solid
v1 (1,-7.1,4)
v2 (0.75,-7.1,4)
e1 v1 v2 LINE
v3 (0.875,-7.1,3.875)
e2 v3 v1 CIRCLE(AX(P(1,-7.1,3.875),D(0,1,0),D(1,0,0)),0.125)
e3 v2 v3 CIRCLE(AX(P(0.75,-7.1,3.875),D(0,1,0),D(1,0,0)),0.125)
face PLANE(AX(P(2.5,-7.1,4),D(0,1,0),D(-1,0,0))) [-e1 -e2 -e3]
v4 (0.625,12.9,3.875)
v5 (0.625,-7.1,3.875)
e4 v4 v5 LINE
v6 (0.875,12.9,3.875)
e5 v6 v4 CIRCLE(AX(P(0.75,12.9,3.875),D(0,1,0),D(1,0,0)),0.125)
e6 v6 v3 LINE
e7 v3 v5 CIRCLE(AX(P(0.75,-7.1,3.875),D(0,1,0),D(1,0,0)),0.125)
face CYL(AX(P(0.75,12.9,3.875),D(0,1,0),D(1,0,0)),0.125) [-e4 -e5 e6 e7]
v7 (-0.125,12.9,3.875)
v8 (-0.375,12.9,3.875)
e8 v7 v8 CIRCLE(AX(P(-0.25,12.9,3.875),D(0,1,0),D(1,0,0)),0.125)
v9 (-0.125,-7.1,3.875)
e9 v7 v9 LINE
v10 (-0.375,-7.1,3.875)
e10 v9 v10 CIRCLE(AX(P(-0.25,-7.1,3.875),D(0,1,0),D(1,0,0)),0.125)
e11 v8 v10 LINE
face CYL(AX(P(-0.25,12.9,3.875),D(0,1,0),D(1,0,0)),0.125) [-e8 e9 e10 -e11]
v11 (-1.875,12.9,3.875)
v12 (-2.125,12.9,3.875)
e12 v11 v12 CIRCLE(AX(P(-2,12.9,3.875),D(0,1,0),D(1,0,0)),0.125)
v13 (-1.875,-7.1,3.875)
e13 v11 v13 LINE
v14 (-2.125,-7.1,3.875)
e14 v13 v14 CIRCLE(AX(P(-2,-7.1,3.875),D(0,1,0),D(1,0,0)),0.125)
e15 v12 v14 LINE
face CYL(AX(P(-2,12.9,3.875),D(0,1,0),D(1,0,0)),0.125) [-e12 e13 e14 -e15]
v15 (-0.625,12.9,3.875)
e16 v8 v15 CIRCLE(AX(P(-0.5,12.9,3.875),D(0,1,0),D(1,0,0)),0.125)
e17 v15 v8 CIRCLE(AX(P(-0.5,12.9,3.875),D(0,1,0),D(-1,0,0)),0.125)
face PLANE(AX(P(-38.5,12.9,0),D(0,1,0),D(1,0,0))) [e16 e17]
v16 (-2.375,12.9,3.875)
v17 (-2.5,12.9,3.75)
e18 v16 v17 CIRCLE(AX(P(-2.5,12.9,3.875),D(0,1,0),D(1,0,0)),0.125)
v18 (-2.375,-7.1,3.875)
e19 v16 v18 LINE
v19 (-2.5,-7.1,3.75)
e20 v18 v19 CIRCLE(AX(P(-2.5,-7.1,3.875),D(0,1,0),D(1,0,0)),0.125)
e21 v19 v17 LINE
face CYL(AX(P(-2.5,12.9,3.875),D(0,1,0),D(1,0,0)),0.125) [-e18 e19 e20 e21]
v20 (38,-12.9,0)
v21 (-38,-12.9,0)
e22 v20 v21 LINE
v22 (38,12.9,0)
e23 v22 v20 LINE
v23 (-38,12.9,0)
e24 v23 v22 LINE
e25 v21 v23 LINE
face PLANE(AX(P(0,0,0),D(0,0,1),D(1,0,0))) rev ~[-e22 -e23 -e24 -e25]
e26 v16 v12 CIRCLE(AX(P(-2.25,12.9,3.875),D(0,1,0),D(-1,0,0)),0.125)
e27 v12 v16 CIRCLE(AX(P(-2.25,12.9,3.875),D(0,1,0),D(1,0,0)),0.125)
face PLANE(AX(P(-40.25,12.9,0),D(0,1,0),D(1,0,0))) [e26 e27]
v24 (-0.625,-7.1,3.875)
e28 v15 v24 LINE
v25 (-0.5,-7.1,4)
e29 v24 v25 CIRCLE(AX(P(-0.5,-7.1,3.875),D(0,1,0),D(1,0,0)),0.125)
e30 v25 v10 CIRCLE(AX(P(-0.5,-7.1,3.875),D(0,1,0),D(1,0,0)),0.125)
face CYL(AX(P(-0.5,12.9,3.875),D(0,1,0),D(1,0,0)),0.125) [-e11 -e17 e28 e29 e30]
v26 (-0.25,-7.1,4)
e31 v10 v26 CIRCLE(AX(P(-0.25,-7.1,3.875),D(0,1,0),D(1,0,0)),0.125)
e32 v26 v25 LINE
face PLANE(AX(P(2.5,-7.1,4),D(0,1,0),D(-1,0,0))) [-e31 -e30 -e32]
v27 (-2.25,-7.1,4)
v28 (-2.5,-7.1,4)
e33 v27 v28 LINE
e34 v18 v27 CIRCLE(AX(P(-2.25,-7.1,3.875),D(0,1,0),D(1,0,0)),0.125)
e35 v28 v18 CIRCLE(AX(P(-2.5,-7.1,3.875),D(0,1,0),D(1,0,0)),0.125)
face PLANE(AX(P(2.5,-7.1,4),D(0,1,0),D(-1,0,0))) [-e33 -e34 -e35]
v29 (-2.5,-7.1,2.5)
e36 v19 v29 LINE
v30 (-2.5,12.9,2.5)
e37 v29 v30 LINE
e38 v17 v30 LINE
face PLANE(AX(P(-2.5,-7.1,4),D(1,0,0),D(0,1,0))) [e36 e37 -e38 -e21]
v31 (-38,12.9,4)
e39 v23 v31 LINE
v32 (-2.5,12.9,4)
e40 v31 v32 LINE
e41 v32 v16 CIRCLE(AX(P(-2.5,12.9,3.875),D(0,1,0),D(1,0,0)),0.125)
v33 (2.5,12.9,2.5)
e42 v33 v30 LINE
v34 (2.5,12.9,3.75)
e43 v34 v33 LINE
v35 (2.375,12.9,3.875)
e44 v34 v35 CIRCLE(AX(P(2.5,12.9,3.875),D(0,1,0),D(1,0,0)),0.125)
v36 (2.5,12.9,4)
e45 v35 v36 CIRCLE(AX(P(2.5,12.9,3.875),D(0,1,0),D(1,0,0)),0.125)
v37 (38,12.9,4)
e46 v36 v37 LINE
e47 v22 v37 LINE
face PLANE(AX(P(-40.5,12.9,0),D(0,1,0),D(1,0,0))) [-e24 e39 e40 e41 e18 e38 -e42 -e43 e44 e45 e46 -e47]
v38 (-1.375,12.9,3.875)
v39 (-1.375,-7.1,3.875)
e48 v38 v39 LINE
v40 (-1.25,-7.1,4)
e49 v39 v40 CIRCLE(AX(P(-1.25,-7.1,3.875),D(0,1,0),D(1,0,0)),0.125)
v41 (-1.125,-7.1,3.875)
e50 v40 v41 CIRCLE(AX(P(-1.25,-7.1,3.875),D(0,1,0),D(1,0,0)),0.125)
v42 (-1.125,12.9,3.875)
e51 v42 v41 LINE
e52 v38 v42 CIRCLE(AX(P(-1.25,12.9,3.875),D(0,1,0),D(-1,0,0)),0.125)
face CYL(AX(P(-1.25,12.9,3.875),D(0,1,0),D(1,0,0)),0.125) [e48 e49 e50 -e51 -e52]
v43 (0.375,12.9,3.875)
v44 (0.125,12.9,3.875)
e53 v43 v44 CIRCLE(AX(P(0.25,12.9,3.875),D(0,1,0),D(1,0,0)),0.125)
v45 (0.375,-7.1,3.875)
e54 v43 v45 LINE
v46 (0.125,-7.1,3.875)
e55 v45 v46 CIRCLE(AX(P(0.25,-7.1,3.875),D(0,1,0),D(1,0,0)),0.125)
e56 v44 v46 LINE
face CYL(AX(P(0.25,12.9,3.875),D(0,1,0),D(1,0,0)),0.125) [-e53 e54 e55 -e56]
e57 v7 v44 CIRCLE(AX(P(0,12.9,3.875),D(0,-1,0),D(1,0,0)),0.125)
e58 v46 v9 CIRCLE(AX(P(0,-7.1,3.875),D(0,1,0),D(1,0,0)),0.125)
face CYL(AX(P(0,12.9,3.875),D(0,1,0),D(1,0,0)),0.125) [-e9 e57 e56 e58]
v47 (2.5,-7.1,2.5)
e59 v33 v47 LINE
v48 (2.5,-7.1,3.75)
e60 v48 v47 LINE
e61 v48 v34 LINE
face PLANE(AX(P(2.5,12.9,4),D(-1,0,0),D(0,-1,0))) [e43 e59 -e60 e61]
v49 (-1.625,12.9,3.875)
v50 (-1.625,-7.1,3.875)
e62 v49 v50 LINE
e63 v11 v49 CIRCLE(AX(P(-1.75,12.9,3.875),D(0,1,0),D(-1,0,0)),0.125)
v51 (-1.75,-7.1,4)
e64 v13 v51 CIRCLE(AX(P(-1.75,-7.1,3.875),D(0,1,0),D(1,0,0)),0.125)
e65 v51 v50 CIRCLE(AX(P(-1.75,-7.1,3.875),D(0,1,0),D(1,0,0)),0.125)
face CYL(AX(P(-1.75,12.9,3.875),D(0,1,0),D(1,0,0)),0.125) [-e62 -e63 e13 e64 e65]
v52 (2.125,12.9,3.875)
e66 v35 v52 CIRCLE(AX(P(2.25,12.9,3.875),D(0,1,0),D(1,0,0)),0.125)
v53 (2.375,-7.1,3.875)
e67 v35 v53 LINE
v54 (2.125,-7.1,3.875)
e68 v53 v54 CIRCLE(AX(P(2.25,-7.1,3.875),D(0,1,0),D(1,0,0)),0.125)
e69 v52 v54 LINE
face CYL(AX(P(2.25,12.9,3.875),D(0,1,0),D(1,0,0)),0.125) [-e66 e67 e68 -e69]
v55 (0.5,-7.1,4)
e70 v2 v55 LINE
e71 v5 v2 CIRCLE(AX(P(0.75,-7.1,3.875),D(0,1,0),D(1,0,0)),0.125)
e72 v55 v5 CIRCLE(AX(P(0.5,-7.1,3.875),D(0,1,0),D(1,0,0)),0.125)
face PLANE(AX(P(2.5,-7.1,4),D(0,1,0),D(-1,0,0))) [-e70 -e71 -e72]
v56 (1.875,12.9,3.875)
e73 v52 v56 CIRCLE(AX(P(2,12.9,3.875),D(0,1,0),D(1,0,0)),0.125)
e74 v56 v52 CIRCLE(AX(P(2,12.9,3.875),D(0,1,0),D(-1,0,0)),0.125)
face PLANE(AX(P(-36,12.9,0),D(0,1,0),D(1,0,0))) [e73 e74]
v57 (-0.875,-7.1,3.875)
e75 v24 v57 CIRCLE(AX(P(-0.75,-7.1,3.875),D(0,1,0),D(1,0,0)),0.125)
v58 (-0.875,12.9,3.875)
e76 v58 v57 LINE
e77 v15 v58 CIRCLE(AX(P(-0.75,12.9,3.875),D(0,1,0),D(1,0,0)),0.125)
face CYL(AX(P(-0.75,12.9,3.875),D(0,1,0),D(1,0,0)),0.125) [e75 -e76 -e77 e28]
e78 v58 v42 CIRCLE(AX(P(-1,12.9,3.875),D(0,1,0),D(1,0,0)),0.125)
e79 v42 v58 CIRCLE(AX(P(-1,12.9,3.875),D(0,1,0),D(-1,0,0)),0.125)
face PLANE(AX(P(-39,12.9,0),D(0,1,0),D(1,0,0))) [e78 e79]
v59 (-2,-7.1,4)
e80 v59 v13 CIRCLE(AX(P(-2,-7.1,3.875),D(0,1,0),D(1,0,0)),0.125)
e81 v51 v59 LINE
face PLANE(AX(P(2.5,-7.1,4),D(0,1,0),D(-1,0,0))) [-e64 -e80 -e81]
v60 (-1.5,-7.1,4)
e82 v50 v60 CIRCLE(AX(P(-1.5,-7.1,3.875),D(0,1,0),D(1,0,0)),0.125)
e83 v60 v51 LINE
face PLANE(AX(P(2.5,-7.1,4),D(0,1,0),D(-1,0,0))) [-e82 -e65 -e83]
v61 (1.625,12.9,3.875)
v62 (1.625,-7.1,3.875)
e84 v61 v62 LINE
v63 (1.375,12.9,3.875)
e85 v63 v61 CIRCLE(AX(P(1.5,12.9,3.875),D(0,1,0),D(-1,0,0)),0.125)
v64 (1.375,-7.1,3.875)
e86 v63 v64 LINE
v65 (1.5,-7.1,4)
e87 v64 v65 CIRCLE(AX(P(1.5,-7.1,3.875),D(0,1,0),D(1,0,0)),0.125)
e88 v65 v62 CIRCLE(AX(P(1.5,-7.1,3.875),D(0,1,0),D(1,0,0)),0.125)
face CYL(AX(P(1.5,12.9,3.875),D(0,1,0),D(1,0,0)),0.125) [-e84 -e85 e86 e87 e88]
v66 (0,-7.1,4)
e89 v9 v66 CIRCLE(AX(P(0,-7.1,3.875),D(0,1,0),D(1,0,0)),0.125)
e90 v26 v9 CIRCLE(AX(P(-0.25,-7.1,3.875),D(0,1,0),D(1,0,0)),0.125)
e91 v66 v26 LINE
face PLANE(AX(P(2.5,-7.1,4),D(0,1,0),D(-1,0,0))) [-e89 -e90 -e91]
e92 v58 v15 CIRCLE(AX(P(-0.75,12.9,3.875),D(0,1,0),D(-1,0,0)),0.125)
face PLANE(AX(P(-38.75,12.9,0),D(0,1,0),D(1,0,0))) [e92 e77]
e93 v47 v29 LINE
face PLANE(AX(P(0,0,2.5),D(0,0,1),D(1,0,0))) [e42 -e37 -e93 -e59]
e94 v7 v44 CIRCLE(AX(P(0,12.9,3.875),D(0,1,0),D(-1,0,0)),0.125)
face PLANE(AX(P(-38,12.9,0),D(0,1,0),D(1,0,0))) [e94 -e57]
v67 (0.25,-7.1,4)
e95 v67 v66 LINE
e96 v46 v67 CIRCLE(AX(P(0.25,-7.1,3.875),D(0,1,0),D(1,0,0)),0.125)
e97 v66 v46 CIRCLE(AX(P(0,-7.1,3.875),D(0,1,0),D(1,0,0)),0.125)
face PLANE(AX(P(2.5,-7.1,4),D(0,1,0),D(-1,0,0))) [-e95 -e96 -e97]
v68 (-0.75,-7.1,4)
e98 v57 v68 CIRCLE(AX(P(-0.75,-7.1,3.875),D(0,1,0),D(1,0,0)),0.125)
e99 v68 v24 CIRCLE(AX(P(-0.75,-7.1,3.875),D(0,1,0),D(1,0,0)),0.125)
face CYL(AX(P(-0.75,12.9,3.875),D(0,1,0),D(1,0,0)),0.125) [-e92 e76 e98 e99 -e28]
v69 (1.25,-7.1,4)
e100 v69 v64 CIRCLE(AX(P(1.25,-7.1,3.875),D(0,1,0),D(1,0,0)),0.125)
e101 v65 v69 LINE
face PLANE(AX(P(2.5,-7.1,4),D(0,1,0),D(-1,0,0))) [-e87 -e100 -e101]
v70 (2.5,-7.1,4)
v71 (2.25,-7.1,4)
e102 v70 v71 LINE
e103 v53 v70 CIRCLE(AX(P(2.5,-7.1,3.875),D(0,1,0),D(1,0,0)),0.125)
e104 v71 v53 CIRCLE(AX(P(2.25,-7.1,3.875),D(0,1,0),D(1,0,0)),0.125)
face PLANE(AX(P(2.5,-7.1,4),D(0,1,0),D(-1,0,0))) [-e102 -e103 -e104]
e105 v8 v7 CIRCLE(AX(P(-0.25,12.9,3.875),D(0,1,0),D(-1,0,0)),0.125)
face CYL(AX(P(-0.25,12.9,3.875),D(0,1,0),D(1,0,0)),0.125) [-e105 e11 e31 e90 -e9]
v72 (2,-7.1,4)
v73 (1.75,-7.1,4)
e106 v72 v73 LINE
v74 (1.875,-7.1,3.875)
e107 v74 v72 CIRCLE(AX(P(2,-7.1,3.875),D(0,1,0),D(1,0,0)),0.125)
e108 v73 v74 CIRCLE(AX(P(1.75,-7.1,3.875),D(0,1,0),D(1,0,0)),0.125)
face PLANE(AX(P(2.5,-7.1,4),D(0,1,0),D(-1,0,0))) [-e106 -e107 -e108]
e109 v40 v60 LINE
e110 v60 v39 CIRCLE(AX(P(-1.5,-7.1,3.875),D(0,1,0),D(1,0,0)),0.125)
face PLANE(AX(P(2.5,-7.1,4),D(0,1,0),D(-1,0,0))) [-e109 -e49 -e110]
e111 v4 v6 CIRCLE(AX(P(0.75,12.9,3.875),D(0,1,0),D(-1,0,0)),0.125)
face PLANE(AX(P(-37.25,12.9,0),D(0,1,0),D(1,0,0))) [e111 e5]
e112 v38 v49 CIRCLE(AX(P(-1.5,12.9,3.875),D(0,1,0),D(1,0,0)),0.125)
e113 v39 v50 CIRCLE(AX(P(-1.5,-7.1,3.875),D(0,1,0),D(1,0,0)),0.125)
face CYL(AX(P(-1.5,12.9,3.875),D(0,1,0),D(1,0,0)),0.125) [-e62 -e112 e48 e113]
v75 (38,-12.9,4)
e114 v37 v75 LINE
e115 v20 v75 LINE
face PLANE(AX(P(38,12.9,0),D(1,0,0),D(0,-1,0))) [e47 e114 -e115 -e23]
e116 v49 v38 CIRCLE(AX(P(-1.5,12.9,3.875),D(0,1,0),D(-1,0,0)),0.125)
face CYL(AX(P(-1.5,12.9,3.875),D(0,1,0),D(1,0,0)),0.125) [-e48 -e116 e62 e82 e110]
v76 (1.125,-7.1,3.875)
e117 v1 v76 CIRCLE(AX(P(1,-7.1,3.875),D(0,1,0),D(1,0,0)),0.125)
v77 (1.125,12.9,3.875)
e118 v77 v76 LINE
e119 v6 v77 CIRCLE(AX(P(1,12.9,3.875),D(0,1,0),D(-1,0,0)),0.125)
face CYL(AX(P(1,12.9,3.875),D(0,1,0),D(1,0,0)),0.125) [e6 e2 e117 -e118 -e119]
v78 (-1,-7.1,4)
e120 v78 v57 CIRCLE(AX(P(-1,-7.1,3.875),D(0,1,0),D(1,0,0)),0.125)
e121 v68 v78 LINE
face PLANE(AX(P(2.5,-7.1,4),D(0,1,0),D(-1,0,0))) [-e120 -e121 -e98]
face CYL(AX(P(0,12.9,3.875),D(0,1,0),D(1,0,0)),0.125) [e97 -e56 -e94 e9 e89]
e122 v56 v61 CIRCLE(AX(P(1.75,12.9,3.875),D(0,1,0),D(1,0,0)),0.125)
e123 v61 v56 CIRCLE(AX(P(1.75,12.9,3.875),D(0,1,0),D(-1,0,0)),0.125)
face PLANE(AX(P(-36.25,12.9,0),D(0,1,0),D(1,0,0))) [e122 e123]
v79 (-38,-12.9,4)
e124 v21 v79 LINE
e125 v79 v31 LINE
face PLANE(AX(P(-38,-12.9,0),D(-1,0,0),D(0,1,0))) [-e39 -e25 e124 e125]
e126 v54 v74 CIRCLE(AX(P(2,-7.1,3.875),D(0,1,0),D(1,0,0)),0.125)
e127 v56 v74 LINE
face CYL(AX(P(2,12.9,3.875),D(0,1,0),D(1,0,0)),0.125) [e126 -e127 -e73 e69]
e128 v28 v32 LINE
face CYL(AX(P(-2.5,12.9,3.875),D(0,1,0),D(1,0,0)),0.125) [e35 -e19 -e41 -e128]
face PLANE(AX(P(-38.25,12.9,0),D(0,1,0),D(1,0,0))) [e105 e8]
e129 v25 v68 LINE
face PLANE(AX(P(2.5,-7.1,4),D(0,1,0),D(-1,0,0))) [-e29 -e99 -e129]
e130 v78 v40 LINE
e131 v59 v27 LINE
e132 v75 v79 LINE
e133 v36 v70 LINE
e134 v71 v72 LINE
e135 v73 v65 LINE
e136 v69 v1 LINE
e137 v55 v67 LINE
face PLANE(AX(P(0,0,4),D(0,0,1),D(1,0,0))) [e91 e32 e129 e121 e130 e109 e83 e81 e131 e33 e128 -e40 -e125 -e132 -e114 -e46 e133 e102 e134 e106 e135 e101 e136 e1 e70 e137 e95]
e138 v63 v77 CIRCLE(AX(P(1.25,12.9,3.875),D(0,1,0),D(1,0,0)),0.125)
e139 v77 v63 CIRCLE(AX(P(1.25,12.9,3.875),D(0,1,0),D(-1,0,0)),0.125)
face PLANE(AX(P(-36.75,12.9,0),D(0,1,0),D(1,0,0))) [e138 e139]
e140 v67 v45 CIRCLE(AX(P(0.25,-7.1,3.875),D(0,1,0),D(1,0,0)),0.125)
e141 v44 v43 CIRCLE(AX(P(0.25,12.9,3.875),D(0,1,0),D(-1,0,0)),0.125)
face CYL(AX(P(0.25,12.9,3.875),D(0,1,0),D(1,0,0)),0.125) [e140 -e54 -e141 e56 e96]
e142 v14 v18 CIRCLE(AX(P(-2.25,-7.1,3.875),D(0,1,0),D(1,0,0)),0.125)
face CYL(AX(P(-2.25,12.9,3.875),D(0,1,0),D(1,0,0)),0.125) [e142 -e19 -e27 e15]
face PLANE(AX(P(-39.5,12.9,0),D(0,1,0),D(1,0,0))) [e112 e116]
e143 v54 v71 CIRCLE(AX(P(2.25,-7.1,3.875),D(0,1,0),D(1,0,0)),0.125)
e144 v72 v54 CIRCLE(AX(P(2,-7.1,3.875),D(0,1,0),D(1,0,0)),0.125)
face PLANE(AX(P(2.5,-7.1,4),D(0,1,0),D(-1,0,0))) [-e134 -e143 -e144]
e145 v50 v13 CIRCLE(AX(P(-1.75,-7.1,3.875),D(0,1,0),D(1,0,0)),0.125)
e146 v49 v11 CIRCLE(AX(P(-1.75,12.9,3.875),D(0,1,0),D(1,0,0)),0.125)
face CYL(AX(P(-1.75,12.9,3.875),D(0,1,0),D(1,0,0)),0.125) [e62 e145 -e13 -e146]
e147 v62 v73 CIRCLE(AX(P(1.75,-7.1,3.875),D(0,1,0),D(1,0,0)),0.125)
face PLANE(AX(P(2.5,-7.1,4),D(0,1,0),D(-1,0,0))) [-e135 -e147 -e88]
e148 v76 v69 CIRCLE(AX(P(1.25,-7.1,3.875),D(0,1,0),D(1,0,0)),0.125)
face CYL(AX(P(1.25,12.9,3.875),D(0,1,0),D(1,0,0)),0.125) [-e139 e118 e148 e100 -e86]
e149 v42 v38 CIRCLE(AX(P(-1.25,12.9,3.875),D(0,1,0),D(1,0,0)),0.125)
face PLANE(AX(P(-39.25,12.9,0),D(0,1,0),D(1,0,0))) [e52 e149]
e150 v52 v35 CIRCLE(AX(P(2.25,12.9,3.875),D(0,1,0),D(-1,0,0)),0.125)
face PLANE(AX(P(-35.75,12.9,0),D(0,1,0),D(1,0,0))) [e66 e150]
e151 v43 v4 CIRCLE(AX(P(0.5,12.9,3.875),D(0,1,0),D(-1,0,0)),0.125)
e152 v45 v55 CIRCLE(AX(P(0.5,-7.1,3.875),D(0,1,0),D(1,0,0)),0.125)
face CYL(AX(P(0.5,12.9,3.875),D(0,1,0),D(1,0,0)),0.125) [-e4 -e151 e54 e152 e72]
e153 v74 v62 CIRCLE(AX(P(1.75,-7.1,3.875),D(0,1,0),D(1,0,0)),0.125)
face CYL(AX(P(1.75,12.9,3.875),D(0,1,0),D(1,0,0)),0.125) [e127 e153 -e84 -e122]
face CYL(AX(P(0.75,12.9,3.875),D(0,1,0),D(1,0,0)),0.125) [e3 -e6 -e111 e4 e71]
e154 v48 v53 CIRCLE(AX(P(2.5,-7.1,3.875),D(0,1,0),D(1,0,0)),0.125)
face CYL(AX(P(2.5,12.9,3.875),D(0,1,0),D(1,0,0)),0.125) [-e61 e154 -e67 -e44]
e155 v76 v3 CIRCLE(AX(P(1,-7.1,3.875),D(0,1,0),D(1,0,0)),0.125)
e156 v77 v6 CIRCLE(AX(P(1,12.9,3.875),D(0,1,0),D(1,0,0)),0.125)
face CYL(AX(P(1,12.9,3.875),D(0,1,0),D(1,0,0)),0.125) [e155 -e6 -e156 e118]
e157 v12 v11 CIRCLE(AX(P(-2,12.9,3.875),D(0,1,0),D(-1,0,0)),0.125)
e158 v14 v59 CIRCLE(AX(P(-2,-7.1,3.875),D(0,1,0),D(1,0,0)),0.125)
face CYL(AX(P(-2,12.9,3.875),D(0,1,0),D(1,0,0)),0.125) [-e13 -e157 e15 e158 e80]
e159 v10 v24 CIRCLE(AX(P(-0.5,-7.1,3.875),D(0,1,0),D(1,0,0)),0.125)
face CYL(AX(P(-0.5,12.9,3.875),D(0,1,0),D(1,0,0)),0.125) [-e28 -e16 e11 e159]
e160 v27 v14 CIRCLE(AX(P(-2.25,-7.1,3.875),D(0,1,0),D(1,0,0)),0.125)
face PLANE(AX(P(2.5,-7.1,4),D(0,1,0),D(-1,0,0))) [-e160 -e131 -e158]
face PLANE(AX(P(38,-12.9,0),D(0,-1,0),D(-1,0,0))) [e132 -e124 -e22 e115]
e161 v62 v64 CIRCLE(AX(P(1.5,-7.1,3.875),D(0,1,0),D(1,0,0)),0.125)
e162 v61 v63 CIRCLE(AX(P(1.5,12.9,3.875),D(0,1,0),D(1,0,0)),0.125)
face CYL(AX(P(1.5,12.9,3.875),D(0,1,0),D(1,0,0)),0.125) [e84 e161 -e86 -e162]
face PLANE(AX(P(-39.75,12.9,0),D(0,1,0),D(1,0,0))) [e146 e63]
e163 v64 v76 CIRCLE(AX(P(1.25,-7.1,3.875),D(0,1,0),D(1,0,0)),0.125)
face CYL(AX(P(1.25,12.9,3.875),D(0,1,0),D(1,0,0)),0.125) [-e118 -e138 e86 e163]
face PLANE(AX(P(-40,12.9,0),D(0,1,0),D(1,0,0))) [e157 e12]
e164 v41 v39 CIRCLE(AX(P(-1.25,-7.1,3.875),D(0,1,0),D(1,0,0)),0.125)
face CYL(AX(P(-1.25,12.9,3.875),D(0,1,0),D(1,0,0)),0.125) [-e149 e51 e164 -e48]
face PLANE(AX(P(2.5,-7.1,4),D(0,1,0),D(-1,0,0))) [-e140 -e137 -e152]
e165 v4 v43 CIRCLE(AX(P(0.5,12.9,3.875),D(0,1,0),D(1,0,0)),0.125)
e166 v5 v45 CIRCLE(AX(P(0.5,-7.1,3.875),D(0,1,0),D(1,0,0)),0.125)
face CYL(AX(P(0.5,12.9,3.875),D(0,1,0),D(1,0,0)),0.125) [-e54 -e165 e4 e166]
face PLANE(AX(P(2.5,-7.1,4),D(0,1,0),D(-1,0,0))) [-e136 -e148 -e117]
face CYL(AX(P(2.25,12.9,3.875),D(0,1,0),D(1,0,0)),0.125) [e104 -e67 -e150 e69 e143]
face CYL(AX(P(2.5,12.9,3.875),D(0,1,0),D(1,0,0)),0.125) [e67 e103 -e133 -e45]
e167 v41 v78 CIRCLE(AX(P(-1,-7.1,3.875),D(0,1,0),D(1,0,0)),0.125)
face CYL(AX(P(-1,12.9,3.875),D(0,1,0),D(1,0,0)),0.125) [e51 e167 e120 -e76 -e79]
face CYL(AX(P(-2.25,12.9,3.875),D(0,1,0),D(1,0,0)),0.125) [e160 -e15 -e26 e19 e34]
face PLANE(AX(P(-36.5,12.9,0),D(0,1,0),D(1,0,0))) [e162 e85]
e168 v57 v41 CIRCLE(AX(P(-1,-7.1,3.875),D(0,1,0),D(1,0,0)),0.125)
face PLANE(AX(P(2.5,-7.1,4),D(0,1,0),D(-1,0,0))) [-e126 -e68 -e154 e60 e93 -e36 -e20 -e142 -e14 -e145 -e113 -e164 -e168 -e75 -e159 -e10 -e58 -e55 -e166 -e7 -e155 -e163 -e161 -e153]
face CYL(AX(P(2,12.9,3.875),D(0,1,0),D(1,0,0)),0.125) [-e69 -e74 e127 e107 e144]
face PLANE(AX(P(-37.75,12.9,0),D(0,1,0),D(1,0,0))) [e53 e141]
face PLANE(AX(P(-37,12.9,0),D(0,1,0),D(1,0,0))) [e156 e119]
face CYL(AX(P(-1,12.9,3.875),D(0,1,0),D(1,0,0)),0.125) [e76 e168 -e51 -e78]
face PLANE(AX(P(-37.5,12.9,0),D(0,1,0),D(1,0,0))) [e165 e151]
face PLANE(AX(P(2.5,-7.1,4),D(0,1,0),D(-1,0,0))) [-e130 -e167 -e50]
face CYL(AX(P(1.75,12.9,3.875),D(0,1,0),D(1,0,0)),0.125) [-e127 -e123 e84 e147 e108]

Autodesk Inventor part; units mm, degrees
ref_plane "YZ Plane" through (0, 0, 0) normal (1, 0, 0) x (0, 1, 0)
ref_plane "XZ Plane" through (0, 0, 0) normal (0, 1, 0) x (-1, 0, 0)
ref_plane "XY Plane" through (0, 0, 0) normal (0, 0, 1) x (1, 0, 0)
sketch "Skizze1" plane through (0, 0, 0) normal (0, 0, 1) x (1, 0, 0)
  line L0 (38, -12.9) -> (-38, -12.9)
  line L1 (-38, -12.9) -> (-38, 12.9)
  line L2 (-38, 12.9) -> (38, 12.9)
  line L3 (38, 12.9) -> (38, -12.9)
  line L4 (38, -12.9) -> (-38, 12.9) construction
  line L5 (-38, -12.9) -> (38, 12.9) construction
  point P0 (0, 0)
  dimension "d0" = 76
  dimension "d1" = 25.8
extrude "Extrusion1" add sketch "Skizze1" along normal blind 4
sketch "Skizze2" plane through (0, 0, 4) normal (0, 0, 1) x (1, 0, 0)
  line L0 (38, 12.9) -> (-38, 12.9) projected
  line L1 (-38, 12.9) -> (-38, -12.9) projected
  line L2 (-38, -12.9) -> (38, -12.9) projected
  line L3 (38, -12.9) -> (38, 12.9) projected
  line L4 (2.5, -7.1) -> (-2.5, -7.1)
  line L5 (-2.5, -7.1) -> (-2.5, 12.9)
  line L6 (-2.5, 12.9) -> (2.5, 12.9)
  line L7 (2.5, 12.9) -> (2.5, -7.1)
  line L8 (2.5, -7.1) -> (-2.5, 12.9) construction
  line L9 (-2.5, -7.1) -> (2.5, 12.9) construction
  point P0 (0, 0)
  point P1 (0, 2.9)
  point P2 (0, 12.9)
  dimension "d4" = 5
  dimension "d5" = 20
extrude "Extrusion2" cut sketch "Skizze2" against normal blind 1.5 contours L7 L4 L5 L0
sketch "Skizze3" plane through (-38, 12.9, 0) normal (0, 1, 0) x (1, 0, 0)
  line L0 (40.5, -4) -> (35.5, -4) projected
  line L1 (40.5, -4) -> (40.5, -2.5) projected
  line L2 (40.5, -2.5) -> (35.5, -2.5) projected
  line L3 (35.5, -4) -> (35.5, -2.5) projected
  circle A0 centre (38, -3.875) radius 0.125
  point P0 (38, 0)
  dimension "d8" = 0.25
extrude "Extrusion3" add sketch "Skizze3" against normal up to surface (20 mm away) contours A0
pattern_linear "Rechteckige Anordnung1" count 11 spacing 0.25 along (-1, 0, 0) count 11 spacing 0.25 along (1, 0, 0) of "Extrusion3"
ref_plane "Arbeitsebene1" through (0, -12.9, 0) normal (1, 0, 0) x (0, 0, -1)
properties part number "00_chipnano_waveguide_slidsize"
